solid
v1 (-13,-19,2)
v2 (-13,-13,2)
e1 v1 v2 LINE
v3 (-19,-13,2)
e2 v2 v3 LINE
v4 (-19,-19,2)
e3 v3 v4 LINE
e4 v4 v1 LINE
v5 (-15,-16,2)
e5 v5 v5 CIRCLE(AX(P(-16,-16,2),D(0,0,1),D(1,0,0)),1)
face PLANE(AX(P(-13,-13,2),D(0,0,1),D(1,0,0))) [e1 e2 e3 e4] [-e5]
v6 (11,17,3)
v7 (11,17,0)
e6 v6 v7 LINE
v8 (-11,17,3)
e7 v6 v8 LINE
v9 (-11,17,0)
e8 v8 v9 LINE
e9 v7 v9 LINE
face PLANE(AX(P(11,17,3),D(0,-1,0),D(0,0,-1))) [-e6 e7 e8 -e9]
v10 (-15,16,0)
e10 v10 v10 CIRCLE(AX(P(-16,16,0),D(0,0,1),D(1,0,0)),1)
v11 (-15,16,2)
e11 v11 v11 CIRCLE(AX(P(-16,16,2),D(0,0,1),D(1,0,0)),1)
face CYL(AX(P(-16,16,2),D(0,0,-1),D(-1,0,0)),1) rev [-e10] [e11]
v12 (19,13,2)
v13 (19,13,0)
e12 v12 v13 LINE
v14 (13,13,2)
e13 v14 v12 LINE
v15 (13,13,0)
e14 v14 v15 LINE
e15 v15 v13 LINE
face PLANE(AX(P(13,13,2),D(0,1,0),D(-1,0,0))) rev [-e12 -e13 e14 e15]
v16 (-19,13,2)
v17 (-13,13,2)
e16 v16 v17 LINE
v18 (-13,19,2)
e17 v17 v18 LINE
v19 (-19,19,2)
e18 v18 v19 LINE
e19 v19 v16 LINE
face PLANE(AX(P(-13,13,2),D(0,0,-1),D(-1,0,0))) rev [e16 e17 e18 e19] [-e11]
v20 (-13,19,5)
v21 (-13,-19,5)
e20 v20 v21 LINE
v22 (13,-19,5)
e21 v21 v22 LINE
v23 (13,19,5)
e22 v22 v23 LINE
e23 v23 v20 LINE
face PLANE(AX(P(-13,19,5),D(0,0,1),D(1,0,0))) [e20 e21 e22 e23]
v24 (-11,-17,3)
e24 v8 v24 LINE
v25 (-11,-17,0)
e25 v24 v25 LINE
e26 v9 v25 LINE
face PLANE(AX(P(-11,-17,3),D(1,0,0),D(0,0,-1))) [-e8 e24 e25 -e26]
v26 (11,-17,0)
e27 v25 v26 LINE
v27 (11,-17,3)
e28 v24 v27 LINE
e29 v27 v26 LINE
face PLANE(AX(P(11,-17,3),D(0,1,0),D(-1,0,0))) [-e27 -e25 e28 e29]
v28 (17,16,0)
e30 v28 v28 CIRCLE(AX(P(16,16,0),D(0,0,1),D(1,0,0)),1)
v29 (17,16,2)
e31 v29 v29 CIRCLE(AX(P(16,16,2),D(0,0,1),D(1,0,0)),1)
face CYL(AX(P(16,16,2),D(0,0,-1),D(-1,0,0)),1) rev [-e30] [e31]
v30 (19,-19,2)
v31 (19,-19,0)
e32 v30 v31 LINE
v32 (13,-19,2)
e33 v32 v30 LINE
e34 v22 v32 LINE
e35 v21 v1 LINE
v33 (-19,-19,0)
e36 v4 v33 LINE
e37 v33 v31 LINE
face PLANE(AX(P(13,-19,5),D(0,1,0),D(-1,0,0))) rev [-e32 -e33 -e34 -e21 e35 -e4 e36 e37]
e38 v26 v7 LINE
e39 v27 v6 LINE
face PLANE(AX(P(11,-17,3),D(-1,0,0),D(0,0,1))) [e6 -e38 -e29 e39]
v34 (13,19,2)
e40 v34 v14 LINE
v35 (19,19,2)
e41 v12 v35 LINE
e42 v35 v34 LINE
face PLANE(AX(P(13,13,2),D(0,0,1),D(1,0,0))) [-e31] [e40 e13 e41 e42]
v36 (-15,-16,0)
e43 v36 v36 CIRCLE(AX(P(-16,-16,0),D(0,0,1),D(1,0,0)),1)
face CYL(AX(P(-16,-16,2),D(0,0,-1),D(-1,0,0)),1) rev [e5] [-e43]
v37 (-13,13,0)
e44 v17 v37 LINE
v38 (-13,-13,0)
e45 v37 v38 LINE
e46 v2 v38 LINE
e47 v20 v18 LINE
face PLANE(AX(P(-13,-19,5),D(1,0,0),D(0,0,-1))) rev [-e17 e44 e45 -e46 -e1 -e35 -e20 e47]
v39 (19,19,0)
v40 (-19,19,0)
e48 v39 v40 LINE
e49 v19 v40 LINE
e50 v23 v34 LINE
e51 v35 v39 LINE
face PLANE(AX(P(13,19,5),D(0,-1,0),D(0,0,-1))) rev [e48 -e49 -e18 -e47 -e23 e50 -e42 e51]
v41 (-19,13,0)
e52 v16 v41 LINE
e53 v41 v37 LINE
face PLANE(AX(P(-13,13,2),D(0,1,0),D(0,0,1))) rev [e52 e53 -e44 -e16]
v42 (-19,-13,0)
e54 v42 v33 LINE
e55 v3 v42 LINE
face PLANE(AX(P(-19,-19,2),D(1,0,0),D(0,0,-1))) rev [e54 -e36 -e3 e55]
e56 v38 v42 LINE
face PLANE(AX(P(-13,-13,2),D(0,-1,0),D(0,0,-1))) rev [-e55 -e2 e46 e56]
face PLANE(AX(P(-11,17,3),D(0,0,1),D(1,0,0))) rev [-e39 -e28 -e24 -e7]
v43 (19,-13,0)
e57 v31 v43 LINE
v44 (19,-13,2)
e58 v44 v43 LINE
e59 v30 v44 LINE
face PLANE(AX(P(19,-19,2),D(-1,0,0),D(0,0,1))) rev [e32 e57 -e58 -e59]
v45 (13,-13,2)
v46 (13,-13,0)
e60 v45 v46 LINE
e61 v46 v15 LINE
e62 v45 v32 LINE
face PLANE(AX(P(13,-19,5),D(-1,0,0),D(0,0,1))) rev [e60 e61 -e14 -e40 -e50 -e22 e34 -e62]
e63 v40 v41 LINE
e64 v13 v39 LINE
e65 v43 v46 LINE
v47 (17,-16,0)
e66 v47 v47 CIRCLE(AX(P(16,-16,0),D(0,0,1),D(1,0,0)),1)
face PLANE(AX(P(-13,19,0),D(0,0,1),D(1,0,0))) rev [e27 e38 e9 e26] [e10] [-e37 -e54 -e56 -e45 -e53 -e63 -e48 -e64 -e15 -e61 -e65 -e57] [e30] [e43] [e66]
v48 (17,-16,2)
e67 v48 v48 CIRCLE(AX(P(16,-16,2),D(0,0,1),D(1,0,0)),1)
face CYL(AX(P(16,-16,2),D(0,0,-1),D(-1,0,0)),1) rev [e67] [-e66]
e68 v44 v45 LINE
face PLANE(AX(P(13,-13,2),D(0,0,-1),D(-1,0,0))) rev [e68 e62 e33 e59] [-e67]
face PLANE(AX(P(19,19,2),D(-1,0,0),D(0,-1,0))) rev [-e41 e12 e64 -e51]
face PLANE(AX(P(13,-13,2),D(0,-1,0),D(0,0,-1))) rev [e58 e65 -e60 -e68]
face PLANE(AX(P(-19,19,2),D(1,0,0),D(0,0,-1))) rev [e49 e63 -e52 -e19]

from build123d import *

# Parameters (mm, degrees)
SKETCH_1_W          = 26
SKETCH_1_H          = 38
EXTRUDE_1_DEPTH     = 5
SKETCH_2_W          = 22
SKETCH_2_H          = 34
CUT_EXTRUDE_1_DEPTH = 3
SKETCH_4_W          = 6
SKETCH_4_H          = 6
EXTRUDE_2_DEPTH     = 2
SKETCH_5_R          = 1
CUT_EXTRUDE_4_DEPTH = 2


with BuildPart() as part:
    # ｽｹｯﾁ1 → ﾎﾞｽ - 押し出し1 (new body)
    with BuildSketch(Plane.XY):
        Rectangle(SKETCH_1_W, SKETCH_1_H)
    extrude(amount=EXTRUDE_1_DEPTH)

    # ｽｹｯﾁ2 → ｶｯﾄ - 押し出し1 (cut)
    with BuildSketch(Plane.XY):
        Rectangle(SKETCH_2_W, SKETCH_2_H)
    extrude(amount=CUT_EXTRUDE_1_DEPTH, mode=Mode.SUBTRACT)

    # ｽｹｯﾁ4 → ﾎﾞｽ - 押し出し2 (add)
    with BuildSketch(Plane.XY):
        with Locations((16, 16)):
            Rectangle(SKETCH_4_W, SKETCH_4_H)
        with Locations((16, -16)):
            Rectangle(SKETCH_4_W, SKETCH_4_H)
        with Locations((-16, -16)):
            Rectangle(SKETCH_4_W, SKETCH_4_H)
        with Locations((-16, 16)):
            Rectangle(SKETCH_4_W, SKETCH_4_H)
    extrude(amount=EXTRUDE_2_DEPTH)

    # ｽｹｯﾁ5 → ｶｯﾄ - 押し出し4 (cut)
    with BuildSketch(Plane.XY):
        with Locations((-16, 16)):
            Circle(SKETCH_5_R)
        with Locations((-16, -16)):
            Circle(SKETCH_5_R)
        with Locations((16, -16)):
            Circle(SKETCH_5_R)
        with Locations((16, 16)):
            Circle(SKETCH_5_R)
    extrude(amount=CUT_EXTRUDE_4_DEPTH, mode=Mode.SUBTRACT)


solid = part.part
